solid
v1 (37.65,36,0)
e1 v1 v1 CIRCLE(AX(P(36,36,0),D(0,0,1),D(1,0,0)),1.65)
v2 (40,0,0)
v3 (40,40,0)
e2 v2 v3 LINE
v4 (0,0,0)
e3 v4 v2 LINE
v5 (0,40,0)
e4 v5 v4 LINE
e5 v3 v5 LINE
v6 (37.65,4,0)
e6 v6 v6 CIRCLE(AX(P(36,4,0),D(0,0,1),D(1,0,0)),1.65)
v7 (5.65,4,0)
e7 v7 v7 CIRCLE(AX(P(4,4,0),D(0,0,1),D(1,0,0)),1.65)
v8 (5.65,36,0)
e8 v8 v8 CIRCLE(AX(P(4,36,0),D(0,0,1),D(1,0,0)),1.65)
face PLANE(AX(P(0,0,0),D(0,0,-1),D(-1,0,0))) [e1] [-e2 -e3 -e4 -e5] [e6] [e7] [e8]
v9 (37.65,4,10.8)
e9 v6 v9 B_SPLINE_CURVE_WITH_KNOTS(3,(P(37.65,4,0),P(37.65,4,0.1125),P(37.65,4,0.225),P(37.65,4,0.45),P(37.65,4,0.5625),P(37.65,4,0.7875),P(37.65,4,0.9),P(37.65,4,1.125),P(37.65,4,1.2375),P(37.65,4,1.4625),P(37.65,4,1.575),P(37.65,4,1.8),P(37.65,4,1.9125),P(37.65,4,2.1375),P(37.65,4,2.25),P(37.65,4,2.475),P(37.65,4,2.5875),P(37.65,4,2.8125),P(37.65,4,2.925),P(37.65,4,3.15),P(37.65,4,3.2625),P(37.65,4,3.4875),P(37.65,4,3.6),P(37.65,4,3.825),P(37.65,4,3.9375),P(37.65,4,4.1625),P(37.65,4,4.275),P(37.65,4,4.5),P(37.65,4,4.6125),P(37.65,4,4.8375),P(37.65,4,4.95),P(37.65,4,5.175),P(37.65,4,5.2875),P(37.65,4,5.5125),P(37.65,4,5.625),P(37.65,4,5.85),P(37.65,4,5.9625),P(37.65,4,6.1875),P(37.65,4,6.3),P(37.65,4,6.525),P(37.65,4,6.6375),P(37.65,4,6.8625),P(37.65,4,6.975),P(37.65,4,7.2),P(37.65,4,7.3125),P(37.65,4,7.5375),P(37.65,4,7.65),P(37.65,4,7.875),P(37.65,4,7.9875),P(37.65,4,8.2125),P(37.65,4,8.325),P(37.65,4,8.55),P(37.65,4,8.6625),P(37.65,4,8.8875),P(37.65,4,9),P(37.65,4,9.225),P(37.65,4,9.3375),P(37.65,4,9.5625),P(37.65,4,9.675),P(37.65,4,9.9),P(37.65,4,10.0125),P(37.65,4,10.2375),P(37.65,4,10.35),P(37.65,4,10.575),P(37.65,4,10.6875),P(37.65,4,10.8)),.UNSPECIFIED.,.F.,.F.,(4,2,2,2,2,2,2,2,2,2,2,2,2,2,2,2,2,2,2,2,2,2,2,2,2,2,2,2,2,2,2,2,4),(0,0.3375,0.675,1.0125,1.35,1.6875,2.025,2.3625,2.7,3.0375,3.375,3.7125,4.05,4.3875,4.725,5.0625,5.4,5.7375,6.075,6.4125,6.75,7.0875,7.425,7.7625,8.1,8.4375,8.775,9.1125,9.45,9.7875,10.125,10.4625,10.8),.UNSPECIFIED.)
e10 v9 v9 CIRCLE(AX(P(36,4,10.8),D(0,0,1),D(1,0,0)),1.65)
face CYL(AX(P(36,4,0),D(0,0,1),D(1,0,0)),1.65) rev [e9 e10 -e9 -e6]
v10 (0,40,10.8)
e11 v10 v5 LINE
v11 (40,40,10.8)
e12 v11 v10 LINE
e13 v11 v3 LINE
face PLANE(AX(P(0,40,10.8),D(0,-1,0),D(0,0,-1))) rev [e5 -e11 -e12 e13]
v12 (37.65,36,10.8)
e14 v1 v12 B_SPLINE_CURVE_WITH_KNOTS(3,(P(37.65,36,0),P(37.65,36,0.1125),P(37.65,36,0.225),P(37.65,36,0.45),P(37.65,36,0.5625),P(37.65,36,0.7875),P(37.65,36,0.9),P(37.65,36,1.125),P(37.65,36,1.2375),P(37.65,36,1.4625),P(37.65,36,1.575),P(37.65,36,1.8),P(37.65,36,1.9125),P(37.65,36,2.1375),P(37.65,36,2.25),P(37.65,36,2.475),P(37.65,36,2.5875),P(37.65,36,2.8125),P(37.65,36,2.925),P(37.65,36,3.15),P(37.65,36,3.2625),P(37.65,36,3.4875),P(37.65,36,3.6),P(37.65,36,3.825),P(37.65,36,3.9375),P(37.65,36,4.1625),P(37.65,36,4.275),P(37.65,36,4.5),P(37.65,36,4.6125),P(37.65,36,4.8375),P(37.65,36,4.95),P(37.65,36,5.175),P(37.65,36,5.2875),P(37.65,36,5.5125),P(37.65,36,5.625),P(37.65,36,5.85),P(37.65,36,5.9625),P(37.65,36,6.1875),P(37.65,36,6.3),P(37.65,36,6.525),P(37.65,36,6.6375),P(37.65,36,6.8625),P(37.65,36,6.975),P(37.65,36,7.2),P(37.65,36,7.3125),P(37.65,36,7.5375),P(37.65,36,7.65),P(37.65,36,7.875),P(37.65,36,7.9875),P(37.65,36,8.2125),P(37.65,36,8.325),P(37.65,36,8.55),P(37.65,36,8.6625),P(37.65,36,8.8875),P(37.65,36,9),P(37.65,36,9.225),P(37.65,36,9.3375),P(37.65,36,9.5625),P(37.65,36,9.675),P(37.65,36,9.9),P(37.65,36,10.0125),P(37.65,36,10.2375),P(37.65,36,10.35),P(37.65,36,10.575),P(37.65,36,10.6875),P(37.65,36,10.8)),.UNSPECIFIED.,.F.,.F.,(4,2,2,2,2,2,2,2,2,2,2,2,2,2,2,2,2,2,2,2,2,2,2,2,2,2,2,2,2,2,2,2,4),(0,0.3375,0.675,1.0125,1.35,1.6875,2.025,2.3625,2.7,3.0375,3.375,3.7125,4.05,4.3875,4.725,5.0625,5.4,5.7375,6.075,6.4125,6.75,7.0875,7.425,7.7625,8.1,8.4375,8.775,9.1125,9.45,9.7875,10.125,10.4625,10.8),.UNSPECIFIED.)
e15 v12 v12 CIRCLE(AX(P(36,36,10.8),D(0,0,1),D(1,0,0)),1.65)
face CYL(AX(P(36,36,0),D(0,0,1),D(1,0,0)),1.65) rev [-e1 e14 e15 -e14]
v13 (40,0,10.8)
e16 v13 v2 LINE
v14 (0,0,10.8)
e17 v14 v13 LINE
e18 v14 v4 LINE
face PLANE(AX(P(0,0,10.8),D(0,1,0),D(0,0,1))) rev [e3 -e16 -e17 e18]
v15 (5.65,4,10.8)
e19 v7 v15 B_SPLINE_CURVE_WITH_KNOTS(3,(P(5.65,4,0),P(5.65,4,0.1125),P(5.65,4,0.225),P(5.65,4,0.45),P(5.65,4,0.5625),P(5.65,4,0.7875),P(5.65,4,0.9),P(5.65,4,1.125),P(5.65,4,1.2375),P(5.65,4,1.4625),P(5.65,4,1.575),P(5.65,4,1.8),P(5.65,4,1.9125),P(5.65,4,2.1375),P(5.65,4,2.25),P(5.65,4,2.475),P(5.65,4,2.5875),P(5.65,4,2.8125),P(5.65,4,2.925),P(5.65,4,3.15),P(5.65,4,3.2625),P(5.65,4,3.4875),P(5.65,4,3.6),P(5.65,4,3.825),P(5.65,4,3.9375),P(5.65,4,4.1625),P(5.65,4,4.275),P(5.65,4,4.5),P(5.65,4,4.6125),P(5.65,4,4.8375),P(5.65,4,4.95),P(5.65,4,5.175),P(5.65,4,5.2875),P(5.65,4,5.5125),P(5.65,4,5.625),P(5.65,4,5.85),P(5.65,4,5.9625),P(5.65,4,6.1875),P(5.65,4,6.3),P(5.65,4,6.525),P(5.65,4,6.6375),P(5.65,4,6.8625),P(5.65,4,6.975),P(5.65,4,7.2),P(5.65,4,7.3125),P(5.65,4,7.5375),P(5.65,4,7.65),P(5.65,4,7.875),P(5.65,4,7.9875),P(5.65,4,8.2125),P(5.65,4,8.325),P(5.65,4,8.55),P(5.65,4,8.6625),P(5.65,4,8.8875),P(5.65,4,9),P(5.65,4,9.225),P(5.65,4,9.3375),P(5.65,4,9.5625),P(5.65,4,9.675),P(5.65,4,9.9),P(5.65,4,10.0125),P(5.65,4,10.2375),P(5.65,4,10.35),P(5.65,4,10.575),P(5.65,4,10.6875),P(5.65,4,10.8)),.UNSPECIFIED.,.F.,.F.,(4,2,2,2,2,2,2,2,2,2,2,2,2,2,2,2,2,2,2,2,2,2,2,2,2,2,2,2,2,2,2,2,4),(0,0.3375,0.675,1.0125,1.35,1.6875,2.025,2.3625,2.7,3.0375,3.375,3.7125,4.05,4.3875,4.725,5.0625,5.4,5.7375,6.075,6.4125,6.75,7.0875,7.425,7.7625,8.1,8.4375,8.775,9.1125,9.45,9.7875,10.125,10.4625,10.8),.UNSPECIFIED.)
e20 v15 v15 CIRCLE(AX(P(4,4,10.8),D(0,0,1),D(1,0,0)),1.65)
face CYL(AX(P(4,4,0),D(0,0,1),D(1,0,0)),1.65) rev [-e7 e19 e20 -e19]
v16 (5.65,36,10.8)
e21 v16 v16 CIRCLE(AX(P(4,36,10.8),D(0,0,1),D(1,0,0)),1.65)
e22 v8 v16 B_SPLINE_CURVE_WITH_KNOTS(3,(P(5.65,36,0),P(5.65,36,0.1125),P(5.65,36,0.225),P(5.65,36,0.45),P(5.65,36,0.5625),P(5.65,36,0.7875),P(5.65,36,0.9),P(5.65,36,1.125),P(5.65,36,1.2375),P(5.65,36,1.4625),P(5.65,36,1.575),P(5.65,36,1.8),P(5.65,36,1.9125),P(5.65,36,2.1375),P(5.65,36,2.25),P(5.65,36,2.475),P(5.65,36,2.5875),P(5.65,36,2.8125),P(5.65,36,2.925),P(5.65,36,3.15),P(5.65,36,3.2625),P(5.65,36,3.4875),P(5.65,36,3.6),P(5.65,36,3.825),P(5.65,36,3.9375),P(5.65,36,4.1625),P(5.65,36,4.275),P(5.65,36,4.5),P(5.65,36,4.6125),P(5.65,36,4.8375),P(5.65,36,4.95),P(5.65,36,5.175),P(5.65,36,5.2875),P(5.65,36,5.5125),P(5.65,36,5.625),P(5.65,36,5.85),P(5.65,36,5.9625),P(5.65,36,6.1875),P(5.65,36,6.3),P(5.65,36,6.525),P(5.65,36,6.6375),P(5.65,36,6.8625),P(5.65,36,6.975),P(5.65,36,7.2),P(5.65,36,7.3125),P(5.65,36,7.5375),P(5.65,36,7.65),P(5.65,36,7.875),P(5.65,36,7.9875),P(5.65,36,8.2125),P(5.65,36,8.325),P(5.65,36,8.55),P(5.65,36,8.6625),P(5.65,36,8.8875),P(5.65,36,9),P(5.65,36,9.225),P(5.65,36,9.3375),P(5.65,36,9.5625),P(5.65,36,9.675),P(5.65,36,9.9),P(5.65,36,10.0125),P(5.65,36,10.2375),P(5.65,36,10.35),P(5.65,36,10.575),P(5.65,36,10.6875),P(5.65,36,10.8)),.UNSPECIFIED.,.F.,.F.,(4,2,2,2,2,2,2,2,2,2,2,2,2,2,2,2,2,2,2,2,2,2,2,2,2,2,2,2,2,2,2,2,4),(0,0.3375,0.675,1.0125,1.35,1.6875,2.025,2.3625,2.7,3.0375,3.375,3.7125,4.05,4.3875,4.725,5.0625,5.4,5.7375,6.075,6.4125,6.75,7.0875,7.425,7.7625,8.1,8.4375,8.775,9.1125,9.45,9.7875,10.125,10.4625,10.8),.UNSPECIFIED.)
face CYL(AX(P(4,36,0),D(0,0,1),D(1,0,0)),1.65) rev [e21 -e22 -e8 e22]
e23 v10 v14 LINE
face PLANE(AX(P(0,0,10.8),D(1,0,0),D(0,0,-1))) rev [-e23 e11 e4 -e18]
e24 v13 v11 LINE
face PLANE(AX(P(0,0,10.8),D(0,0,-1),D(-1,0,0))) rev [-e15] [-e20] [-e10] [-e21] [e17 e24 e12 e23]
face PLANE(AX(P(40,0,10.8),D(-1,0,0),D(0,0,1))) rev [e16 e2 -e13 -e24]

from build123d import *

# Parameters (mm, degrees)
SKETCH1_W           = 40
SKETCH1_H           = 40
BOSS_EXTRUDE1_DEPTH = 10.8
SKETCH2_R           = 1.65
CUT_EXTRUDE1_DEPTH  = 58.590276957


with BuildPart() as part:
    # Sketch1 → Boss-Extrude1 (new body)
    with BuildSketch(Plane.XY):
        with Locations((20, 20)):
            Rectangle(SKETCH1_W, SKETCH1_H)
    extrude(amount=BOSS_EXTRUDE1_DEPTH)

    # Sketch2 → Cut-Extrude1 (cut, through all)
    with BuildSketch(Plane.XY.offset(10.8)):
        with Locations((4, 36)):
            Circle(SKETCH2_R)
        with Locations((36, 36)):
            Circle(SKETCH2_R)
        with Locations((4, 4)):
            Circle(SKETCH2_R)
        with Locations((36, 4)):
            Circle(SKETCH2_R)
    extrude(amount=-CUT_EXTRUDE1_DEPTH, mode=Mode.SUBTRACT)


solid = part.part
